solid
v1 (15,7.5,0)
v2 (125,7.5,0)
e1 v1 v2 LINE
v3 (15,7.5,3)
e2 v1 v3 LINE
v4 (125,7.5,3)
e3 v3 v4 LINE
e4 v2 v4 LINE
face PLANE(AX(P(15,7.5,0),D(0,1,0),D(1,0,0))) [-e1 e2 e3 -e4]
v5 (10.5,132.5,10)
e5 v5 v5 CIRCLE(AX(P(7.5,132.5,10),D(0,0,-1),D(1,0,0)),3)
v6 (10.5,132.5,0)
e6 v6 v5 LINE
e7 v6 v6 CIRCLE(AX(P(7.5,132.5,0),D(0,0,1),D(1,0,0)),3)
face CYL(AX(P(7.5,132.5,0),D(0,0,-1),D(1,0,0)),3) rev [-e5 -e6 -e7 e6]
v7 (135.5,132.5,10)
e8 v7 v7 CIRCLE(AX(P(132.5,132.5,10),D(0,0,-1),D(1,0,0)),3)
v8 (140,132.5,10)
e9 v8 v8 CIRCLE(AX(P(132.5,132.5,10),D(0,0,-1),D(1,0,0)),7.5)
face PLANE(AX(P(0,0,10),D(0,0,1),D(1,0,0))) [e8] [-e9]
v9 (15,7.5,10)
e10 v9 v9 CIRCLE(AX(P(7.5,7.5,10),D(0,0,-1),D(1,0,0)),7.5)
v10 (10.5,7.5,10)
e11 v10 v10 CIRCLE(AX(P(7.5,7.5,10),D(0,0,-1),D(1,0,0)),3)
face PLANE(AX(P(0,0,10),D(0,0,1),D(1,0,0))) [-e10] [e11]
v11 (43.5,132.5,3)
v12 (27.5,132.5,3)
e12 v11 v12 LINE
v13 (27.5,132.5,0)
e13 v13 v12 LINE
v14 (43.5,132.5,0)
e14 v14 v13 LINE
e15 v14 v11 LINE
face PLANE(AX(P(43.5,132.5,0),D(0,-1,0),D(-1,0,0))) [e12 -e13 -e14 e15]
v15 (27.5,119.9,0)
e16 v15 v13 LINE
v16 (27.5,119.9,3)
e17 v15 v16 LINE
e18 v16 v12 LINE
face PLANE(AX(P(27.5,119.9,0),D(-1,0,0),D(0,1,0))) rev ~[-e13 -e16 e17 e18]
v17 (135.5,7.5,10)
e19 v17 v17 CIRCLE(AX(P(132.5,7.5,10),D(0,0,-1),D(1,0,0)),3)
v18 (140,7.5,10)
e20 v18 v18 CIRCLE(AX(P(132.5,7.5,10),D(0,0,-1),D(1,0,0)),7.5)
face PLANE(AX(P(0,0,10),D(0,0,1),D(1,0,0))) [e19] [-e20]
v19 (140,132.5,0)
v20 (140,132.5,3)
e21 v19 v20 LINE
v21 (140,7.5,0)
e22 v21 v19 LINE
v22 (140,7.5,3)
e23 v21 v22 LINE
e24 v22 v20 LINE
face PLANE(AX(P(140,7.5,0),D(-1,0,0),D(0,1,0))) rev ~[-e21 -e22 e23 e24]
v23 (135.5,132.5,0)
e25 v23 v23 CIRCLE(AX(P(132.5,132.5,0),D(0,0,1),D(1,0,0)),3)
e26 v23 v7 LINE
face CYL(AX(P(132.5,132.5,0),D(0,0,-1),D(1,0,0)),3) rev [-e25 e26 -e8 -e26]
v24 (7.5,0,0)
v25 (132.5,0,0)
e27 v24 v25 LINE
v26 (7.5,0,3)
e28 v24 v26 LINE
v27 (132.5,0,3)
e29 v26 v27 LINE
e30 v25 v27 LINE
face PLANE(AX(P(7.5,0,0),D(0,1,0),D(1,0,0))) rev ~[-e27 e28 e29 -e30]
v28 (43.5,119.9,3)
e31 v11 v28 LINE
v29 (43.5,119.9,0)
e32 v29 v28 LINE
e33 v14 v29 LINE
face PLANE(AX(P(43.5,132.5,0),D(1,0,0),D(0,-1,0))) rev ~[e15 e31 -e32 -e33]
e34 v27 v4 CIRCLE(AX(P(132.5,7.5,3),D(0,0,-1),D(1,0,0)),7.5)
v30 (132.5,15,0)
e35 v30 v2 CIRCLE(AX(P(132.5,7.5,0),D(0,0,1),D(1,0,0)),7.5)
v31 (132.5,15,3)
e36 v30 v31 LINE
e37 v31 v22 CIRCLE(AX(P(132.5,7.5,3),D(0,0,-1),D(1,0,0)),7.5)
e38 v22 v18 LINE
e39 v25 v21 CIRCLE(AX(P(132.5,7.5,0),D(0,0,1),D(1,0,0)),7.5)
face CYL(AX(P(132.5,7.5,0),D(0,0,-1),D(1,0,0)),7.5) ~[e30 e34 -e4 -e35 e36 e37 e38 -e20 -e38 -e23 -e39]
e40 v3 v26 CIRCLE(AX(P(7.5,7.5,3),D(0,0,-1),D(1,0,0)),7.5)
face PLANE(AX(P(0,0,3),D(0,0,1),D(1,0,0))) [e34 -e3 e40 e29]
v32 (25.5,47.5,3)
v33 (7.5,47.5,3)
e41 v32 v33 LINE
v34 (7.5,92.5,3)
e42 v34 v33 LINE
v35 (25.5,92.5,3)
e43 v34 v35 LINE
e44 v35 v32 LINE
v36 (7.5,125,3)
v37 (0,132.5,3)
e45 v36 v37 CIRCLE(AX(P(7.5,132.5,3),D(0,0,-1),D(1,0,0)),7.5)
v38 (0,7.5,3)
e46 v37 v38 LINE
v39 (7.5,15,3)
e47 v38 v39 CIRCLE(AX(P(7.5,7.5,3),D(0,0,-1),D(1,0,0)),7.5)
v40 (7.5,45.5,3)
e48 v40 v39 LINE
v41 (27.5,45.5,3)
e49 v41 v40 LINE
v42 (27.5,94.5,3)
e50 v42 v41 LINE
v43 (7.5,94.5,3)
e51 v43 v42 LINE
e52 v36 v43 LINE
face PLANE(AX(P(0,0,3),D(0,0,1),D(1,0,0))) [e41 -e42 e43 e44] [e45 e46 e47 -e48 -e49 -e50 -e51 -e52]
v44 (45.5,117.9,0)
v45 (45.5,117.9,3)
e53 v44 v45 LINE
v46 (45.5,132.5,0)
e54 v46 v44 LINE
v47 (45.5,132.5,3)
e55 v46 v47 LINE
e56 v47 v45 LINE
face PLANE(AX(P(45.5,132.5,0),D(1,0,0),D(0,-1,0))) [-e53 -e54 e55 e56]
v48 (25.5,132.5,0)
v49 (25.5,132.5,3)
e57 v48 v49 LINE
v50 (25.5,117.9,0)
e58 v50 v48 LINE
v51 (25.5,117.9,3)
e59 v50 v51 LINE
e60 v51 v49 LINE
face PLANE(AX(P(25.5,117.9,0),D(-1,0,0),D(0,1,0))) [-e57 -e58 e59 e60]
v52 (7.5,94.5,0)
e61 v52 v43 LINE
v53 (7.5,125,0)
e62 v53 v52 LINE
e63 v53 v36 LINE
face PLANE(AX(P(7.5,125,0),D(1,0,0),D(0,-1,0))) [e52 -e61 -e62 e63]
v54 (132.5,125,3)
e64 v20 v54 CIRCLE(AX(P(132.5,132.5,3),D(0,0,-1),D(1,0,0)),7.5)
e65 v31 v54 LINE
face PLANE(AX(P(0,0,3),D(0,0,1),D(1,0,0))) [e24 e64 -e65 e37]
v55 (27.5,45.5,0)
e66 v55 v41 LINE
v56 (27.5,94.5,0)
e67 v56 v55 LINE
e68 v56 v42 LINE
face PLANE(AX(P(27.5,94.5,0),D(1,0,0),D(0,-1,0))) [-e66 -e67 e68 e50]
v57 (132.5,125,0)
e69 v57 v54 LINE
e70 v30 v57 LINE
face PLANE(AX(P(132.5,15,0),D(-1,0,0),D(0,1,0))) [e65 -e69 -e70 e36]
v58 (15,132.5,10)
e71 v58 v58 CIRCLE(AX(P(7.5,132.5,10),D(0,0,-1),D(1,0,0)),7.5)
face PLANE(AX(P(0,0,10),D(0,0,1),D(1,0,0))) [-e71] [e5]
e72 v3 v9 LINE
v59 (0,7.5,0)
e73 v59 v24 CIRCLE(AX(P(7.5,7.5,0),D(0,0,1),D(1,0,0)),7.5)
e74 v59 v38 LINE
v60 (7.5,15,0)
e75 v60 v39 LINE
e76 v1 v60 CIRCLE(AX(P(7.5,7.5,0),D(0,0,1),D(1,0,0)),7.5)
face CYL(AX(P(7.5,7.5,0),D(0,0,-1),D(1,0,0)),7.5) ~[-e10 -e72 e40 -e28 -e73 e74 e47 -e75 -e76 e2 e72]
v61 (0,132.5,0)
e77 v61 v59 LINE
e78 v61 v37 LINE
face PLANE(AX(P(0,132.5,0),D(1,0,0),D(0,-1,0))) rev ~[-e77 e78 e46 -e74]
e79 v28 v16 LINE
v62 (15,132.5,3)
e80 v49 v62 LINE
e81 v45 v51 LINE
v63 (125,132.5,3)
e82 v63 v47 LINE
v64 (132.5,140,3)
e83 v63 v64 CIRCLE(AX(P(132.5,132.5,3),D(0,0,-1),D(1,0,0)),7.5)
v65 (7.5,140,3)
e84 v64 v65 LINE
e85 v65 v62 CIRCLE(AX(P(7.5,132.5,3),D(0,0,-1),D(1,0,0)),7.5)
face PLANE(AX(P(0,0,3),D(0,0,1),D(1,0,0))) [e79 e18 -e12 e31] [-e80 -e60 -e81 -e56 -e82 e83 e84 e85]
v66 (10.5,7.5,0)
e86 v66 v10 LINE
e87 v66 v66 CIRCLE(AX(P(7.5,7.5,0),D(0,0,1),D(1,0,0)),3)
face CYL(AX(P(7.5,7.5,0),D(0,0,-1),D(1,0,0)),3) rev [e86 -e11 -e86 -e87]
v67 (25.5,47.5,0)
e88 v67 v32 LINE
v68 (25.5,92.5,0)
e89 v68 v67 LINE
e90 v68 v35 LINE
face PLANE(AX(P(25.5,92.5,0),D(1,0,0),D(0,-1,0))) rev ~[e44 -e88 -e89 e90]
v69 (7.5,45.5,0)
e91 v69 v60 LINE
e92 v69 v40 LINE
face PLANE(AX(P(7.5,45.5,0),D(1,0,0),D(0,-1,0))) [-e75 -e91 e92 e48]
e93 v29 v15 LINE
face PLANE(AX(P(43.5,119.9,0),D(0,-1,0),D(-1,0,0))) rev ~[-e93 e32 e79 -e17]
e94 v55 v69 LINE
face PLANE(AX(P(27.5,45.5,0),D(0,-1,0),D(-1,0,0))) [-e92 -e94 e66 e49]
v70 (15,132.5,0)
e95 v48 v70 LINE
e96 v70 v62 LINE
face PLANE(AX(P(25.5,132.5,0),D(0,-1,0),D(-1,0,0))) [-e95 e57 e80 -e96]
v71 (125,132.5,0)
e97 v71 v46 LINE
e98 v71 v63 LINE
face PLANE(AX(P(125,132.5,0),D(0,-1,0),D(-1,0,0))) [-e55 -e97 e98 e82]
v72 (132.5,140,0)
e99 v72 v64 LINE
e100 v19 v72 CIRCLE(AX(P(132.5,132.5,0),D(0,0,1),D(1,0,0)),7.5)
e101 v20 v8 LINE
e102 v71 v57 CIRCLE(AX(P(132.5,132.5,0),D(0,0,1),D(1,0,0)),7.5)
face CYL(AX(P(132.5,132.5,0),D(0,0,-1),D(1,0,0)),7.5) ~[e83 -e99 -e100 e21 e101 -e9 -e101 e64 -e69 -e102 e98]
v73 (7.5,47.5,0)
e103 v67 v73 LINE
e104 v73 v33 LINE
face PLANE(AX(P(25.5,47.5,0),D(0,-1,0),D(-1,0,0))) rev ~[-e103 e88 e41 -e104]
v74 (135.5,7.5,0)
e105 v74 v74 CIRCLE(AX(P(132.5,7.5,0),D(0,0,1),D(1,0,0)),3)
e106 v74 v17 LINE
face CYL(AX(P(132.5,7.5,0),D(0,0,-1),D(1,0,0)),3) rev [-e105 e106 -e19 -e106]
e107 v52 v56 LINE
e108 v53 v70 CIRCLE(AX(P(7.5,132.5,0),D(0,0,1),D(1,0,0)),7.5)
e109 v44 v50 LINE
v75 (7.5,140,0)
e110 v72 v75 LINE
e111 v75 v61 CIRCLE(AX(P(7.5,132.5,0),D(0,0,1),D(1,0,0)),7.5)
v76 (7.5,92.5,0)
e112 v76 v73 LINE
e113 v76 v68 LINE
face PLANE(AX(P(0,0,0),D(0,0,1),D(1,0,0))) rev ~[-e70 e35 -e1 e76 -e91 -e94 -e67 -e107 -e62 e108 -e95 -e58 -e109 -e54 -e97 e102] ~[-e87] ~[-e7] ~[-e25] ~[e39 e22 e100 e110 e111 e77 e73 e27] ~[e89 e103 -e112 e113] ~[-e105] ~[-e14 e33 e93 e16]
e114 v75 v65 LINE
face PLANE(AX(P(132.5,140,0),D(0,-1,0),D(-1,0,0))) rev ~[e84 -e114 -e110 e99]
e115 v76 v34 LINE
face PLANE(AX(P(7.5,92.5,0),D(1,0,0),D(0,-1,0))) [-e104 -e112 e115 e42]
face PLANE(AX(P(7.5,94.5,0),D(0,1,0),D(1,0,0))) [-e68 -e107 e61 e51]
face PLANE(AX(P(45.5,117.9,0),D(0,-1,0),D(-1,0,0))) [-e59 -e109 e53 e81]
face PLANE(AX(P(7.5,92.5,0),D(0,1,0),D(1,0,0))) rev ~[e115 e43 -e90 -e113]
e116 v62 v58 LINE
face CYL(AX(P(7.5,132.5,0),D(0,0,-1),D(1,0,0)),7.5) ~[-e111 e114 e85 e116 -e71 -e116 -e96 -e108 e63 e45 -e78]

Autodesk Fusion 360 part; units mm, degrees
sketch "Sketch1" plane through (0, 0, 0) normal (0, 0, 1) x (1, 0, 0)
  line L0 (7.5, 0) -> (132.5, 0)
  line L1 (140, 7.5) -> (140, 132.5)
  line L2 (132.5, 140) -> (7.5, 140)
  line L3 (0, 132.5) -> (0, 7.5)
  circle A0 centre (7.5, 132.5) radius 7.5
  circle A1 centre (7.5, 132.5) radius 3
  line L4 (0, 70) -> (140, 70) construction
  line L5 (70, 140) -> (70, 0) construction
  circle A2 centre (7.5, 7.5) radius 3
  circle A3 centre (7.5, 7.5) radius 7.5
  circle A4 centre (132.5, 132.5) radius 7.5
  circle A5 centre (132.5, 132.5) radius 3
  circle A6 centre (132.5, 7.5) radius 3
  circle A7 centre (132.5, 7.5) radius 7.5
  line L6 (7.5, 7.5) -> (132.5, 7.5)
  line L7 (132.5, 7.5) -> (132.5, 132.5)
  line L8 (132.5, 132.5) -> (7.5, 132.5)
  line L9 (7.5, 132.5) -> (7.5, 7.5)
  line L10 (7.5, 92.5) -> (25.5, 92.5)
  line L11 (25.5, 92.5) -> (25.5, 47.5)
  line L12 (25.5, 47.5) -> (7.5, 47.5)
  line L13 (7.5, 47.5) -> (7.5, 92.5)
  line L14 (7.5, 70) -> (25.5, 70) construction
  line L15 (7.5, 94.5) -> (27.5, 94.5)
  line L16 (27.5, 94.5) -> (27.5, 45.5)
  line L17 (27.5, 45.5) -> (7.5, 45.5)
  line L18 (7.5, 45.5) -> (7.5, 94.5)
  line L19 (7.5, 70) -> (27.5, 70) construction
  line L20 (27.5, 132.5) -> (43.5, 132.5)
  line L21 (43.5, 132.5) -> (43.5, 119.9)
  line L22 (43.5, 119.9) -> (27.5, 119.9)
  line L23 (27.5, 119.9) -> (27.5, 132.5)
  line L24 (25.5, 132.5) -> (45.5, 132.5)
  line L25 (45.5, 132.5) -> (45.5, 117.9)
  line L26 (45.5, 117.9) -> (25.5, 117.9)
  line L27 (25.5, 117.9) -> (25.5, 132.5)
  line L28 (35.5, 119.9) -> (35.5, 122) construction
  line L29 (35.5, 117.9) -> (35.5, 122) construction
  dimension "d3" = 15
  dimension "d4" = 6
  dimension "d6" = 140
  dimension "d7" = 140
  dimension "d10" = 45
  dimension "d11" = 18
  dimension "d12" = 49
  dimension "d13" = 20
  dimension "d14" = 16
  dimension "d15" = 12.6
  dimension "d16" = 20
  dimension "d17" = 20
  dimension "d18" = 14.6
extrude "Extrude1" add sketch "Sketch1" along normal blind 10 contours A2 A3 L6 L9 | A6 A7 L6 L7 | A2 A3 L6 L9 | A6 A7 L6 L7 | A0 A1 L8 L9 | A4 A5 L7 L8 | A0 A1 L8 L9 | A4 A5 L7 L8 makes body 1 at (14.9627, 8.2468, 3.3333) makes body 2 at (139.9627, 8.2468, 6.6667) makes body 3 at (14.8513, 133.9861, 6.6667) makes body 4 at (139.4111, 135.4133, 6.6667)
extrude "Extrude1'" add sketch "Sketch1" along normal blind 3 separate body contours L0 A3 A7 L6 | A2 A3 L6 L9 | A6 A7 L6 L7 | L3 A0 A3 L9 L13 L18 | A2 A3 L6 L9 | L1 A4 A7 L7 | A6 A7 L6 L7 | A0 A1 L8 L9 | A4 A5 L7 L8 | L2 A0 A4 L8 L20 L24 | A0 A1 L8 L9 | L9 L10 L11 L12 L15 L16 L17 L18 | A4 A5 L7 L8 | L8 L21 L22 L23 L24 L25 L26 L27 makes body 5 in component "Component"
combine "Combine1" operation add target body 4 tool bodies 5
combine "Combine2" operation add target body 2 tool bodies 4
combine "Combine3" operation add target body 1 tool bodies 2
combine "Combine4" operation add target body 3 tool bodies 1
component "Component" placed x (1, 0, 0) y (0, 1, 0) z (0, 0, 1) at (0, 0, 0)
equation "d2 = d1"
equation "d18 = d15 + 2 mm"
